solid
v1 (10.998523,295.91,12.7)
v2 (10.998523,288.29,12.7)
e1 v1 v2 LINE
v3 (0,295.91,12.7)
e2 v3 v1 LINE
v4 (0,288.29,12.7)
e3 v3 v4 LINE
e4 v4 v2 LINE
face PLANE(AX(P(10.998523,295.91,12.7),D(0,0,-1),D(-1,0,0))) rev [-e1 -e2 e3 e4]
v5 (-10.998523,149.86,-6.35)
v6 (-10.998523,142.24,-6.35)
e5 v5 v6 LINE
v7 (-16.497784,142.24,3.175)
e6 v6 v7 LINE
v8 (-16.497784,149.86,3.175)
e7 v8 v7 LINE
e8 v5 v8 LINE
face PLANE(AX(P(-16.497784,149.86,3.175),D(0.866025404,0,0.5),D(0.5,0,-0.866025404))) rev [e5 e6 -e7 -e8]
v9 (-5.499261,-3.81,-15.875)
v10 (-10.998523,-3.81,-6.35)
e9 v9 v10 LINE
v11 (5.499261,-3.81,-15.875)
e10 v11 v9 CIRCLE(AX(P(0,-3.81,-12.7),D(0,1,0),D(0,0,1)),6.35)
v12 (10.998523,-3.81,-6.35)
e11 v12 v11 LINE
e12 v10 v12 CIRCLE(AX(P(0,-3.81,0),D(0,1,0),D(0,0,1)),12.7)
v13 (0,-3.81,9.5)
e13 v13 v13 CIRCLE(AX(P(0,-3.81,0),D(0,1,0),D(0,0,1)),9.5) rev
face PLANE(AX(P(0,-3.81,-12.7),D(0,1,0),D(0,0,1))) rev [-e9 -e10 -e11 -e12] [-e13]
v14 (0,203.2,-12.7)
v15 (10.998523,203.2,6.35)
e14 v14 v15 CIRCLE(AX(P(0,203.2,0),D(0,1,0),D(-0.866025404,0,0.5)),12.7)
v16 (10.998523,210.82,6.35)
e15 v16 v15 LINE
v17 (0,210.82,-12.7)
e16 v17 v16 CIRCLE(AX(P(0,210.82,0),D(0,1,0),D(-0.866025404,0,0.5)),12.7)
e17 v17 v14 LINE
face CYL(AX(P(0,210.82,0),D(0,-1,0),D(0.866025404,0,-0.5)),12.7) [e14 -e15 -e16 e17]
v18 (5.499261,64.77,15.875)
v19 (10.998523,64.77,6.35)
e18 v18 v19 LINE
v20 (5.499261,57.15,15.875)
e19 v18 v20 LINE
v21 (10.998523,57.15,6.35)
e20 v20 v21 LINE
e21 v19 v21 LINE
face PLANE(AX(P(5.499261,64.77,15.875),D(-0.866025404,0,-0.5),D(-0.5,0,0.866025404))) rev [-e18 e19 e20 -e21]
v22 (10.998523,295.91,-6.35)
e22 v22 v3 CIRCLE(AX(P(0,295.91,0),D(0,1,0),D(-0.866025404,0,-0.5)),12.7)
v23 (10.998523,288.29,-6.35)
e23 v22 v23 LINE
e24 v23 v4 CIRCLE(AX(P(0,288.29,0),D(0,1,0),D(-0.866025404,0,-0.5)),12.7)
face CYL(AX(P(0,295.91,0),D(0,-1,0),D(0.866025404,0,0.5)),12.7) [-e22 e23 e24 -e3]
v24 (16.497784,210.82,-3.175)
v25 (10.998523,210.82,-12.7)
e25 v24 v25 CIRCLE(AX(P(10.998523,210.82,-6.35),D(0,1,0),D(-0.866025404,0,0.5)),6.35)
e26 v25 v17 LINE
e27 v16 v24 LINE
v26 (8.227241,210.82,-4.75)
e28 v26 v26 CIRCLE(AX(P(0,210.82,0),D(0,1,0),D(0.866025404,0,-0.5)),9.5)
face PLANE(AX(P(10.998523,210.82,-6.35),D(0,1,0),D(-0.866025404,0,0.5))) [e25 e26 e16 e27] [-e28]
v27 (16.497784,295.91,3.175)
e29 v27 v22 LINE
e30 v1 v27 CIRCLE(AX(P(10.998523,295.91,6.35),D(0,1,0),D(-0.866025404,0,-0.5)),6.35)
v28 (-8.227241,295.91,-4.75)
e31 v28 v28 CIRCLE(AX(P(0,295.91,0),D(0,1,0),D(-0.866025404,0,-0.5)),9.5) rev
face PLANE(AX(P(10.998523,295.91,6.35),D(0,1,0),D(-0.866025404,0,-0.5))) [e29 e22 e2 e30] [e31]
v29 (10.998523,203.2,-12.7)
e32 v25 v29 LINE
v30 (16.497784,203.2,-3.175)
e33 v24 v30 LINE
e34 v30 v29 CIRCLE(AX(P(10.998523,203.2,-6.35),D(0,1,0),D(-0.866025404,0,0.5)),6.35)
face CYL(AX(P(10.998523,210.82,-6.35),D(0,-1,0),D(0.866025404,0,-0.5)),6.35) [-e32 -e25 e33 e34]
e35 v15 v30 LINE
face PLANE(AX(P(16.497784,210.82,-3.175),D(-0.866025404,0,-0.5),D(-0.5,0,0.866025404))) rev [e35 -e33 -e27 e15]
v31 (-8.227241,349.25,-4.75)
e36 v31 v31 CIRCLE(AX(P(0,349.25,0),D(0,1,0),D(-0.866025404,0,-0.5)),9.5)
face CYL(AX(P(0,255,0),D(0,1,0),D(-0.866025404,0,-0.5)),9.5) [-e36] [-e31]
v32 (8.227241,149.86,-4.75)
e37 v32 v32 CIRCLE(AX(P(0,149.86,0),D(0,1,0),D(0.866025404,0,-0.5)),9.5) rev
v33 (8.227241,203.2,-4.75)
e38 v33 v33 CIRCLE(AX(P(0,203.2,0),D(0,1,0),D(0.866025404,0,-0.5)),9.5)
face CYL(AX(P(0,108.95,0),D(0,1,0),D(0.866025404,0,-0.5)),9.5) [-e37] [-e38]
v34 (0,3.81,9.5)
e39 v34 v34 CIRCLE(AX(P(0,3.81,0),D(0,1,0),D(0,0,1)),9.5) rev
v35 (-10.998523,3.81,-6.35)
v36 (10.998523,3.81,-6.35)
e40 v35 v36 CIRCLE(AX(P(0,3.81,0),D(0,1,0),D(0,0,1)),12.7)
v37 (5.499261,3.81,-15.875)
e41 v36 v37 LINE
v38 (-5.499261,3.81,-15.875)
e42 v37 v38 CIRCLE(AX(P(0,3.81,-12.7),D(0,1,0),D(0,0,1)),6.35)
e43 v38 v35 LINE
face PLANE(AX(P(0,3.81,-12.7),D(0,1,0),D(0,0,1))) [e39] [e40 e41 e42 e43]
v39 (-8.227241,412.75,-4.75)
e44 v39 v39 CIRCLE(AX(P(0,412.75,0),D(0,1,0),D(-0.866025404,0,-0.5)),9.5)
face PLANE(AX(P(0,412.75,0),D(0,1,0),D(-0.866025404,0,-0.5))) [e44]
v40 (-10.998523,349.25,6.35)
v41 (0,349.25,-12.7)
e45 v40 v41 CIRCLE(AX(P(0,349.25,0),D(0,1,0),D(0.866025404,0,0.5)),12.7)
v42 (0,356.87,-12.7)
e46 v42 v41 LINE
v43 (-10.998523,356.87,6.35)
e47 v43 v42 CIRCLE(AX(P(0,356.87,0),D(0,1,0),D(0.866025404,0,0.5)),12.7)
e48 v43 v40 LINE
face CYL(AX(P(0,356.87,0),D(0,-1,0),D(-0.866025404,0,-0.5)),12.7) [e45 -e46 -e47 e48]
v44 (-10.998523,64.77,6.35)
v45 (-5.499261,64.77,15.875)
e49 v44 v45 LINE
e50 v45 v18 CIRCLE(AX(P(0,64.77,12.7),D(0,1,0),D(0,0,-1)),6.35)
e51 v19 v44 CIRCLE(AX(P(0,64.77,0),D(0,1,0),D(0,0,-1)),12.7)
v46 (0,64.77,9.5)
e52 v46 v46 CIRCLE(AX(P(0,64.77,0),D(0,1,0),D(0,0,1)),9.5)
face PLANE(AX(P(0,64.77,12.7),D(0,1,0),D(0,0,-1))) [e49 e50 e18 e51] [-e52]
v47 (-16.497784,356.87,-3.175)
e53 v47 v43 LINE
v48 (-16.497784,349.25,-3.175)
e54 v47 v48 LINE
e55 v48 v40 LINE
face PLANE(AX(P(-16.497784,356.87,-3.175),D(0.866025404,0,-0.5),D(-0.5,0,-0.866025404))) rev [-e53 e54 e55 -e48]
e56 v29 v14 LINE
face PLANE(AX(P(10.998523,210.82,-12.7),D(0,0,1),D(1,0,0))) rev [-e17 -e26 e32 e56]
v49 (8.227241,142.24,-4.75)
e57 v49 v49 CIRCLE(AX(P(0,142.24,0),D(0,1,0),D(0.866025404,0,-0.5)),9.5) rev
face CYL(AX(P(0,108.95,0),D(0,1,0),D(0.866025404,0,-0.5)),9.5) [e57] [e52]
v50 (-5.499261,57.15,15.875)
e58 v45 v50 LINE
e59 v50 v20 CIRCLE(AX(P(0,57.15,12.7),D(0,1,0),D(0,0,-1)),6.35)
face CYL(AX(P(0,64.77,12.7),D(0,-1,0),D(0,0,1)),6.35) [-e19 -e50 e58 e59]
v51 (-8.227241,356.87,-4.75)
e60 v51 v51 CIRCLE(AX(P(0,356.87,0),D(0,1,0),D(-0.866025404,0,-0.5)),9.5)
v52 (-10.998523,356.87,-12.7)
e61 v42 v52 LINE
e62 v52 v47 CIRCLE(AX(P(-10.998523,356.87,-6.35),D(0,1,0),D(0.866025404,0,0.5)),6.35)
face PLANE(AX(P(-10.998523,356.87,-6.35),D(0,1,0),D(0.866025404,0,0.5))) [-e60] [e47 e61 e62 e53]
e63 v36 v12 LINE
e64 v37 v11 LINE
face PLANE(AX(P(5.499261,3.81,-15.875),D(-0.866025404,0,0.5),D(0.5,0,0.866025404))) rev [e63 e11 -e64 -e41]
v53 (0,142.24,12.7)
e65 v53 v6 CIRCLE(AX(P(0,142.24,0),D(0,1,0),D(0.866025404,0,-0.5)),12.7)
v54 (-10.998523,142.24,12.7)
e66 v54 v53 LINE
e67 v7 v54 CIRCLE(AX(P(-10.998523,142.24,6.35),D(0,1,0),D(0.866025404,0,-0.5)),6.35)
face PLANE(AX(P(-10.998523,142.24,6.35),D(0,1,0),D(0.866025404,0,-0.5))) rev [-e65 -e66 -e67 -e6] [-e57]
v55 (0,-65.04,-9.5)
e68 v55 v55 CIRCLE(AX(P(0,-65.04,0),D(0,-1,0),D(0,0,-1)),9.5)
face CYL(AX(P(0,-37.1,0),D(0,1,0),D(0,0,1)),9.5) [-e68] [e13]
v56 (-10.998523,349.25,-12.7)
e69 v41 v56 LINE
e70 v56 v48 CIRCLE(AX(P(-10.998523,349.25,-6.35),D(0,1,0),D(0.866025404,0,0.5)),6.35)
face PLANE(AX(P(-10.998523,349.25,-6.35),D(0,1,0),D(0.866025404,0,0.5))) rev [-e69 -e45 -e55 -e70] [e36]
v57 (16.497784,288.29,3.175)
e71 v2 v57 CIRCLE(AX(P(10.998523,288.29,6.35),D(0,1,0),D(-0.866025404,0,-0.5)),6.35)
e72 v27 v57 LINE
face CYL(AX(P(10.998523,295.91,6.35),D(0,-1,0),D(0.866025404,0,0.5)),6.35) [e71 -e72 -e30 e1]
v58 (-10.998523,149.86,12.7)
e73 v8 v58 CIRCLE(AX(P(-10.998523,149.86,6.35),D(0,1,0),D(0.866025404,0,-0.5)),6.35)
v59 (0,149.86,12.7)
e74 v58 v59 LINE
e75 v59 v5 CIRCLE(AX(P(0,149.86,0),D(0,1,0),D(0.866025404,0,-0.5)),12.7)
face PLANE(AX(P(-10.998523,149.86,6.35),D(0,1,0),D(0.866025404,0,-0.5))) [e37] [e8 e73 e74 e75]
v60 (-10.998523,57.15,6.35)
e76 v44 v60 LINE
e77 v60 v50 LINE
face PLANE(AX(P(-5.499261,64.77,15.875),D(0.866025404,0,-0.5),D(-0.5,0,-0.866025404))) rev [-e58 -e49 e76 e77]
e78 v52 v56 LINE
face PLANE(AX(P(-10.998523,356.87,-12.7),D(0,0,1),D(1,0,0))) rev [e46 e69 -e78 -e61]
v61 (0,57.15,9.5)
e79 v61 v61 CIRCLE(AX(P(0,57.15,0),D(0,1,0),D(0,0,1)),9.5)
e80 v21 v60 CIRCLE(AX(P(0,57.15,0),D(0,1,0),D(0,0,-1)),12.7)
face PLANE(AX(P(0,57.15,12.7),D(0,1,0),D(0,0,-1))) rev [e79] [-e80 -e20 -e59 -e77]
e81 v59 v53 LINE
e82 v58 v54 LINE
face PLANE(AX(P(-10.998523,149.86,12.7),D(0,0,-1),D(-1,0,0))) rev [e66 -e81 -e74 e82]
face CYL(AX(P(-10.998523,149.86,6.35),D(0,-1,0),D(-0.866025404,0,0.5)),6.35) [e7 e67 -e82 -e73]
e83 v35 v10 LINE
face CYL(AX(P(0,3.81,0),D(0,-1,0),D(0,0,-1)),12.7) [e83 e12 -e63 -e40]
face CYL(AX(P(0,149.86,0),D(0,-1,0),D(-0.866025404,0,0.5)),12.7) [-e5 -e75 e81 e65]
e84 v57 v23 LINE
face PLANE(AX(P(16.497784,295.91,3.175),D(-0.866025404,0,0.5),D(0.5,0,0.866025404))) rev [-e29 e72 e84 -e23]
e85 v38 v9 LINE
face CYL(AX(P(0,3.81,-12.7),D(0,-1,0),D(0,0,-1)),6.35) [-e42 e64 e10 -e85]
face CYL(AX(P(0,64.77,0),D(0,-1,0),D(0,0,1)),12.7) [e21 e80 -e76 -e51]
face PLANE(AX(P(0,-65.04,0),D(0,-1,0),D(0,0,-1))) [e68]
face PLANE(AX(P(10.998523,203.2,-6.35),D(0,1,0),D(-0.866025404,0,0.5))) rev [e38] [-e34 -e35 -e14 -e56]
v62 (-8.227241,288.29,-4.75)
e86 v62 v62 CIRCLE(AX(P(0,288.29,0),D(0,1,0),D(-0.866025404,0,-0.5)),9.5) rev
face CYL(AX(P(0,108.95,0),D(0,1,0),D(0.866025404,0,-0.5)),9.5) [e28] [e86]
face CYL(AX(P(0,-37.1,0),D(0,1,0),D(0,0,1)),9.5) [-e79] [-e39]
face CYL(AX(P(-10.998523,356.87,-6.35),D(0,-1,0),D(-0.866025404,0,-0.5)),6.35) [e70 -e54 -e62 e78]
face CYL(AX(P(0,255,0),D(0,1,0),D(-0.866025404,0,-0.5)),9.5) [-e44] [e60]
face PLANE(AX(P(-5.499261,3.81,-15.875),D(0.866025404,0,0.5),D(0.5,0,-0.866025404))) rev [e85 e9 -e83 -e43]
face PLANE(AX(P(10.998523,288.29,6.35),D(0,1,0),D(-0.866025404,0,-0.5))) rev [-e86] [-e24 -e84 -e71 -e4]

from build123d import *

# Parameters (mm, degrees)
BOSS_EXTRUDE1_DEPTH      = 3.81
BODY_MOVE_COPY2_ANGLE    = 180
BOSS_EXTRUDE2_DEPTH      = 146.05
BOSS_EXTRUDE2_DEPTH_BACK = 11.7
BOSS_EXTRUDE2_START      = -25.4
SKETCH2_R                = 9.5
LPATTERN1_COUNT          = 3
LPATTERN1_PITCH          = 146.05
BODY_MOVE_COPY3_ANGLE    = 120
BODY_MOVE_COPY4_ANGLE    = 120
SKETCH3_R                = 9.5
BOSS_EXTRUDE3_DEPTH      = 27.94


with BuildPart() as part:
    # Sketch1 → Boss-Extrude1 (new, symmetric)
    with BuildSketch(Plane(origin=(0, 0, 0), x_dir=(1, 0, 0), z_dir=(0, 1, 0))):
        with BuildLine():
            Line((-5.499261314, 15.875), (-10.998522628, 6.35))
            ThreePointArc((-10.998522628, 6.35), (0, -12.7), (10.998522628, 6.35))
            Line((10.998522628, 6.35), (5.499261314, 15.875))
            ThreePointArc((5.499261314, 15.875), (0, 19.05), (-5.499261314, 15.875))
        make_face()
    extrude(amount=BOSS_EXTRUDE1_DEPTH, both=True)


with BuildPart() as body_2:
    # Body-Move/Copy1: copy of part
    add(part.part.moved(Location((0, 60.96, 0))))


with BuildPart() as body_2_1:
    # Body-Move/Copy2: moved
    add(body_2.part.rotate(Axis((0, 0, 0), (0, 1, 0)), BODY_MOVE_COPY2_ANGLE))


with BuildPart() as part_1:
    add(part.part)

    add(body_2_1.part)  # Boss-Extrude2 merges body 2
    # Sketch2 → Boss-Extrude2 (add, two sides: drawn at the far end of the back side and taken through both)
    with BuildSketch(Plane(origin=(0, 0, 0), x_dir=(1, 0, 0), z_dir=(0, 1, 0)).offset(BOSS_EXTRUDE2_START - BOSS_EXTRUDE2_DEPTH_BACK)):
        Circle(SKETCH2_R)
    extrude(amount=BOSS_EXTRUDE2_DEPTH + BOSS_EXTRUDE2_DEPTH_BACK)


with BuildPart() as lpattern1_1:
    # LPattern1: pattern copy
    add(part_1.part.moved(Location(Vector(0, 1, 0) * (1 * LPATTERN1_PITCH))))


with BuildPart() as lpattern1_2:
    # LPattern1: pattern copy
    add(part_1.part.moved(Location(Vector(0, 1, 0) * (2 * LPATTERN1_PITCH))))


with BuildPart() as lpattern1_1_1:
    # Body-Move/Copy3: moved
    add(lpattern1_1.part.rotate(Axis((0, 0, 0), (0, 1, 0)), BODY_MOVE_COPY3_ANGLE))


with BuildPart() as lpattern1_2_1:
    # Body-Move/Copy4: moved
    add(lpattern1_2.part.rotate(Axis((0, 0, 0), (0, -1, 0)), BODY_MOVE_COPY4_ANGLE))


with BuildPart() as lpattern1_1_2:
    add(lpattern1_1_1.part)

    # Combine1: union LPattern1_2, part
    add(lpattern1_2_1.part)
    add(part_1.part)

    # Sketch3 → Boss-Extrude3 (add)
    with BuildSketch(Plane.XZ.offset(37.1)):
        Circle(SKETCH3_R)
    extrude(amount=BOSS_EXTRUDE3_DEPTH)


solid = lpattern1_1_2.part
